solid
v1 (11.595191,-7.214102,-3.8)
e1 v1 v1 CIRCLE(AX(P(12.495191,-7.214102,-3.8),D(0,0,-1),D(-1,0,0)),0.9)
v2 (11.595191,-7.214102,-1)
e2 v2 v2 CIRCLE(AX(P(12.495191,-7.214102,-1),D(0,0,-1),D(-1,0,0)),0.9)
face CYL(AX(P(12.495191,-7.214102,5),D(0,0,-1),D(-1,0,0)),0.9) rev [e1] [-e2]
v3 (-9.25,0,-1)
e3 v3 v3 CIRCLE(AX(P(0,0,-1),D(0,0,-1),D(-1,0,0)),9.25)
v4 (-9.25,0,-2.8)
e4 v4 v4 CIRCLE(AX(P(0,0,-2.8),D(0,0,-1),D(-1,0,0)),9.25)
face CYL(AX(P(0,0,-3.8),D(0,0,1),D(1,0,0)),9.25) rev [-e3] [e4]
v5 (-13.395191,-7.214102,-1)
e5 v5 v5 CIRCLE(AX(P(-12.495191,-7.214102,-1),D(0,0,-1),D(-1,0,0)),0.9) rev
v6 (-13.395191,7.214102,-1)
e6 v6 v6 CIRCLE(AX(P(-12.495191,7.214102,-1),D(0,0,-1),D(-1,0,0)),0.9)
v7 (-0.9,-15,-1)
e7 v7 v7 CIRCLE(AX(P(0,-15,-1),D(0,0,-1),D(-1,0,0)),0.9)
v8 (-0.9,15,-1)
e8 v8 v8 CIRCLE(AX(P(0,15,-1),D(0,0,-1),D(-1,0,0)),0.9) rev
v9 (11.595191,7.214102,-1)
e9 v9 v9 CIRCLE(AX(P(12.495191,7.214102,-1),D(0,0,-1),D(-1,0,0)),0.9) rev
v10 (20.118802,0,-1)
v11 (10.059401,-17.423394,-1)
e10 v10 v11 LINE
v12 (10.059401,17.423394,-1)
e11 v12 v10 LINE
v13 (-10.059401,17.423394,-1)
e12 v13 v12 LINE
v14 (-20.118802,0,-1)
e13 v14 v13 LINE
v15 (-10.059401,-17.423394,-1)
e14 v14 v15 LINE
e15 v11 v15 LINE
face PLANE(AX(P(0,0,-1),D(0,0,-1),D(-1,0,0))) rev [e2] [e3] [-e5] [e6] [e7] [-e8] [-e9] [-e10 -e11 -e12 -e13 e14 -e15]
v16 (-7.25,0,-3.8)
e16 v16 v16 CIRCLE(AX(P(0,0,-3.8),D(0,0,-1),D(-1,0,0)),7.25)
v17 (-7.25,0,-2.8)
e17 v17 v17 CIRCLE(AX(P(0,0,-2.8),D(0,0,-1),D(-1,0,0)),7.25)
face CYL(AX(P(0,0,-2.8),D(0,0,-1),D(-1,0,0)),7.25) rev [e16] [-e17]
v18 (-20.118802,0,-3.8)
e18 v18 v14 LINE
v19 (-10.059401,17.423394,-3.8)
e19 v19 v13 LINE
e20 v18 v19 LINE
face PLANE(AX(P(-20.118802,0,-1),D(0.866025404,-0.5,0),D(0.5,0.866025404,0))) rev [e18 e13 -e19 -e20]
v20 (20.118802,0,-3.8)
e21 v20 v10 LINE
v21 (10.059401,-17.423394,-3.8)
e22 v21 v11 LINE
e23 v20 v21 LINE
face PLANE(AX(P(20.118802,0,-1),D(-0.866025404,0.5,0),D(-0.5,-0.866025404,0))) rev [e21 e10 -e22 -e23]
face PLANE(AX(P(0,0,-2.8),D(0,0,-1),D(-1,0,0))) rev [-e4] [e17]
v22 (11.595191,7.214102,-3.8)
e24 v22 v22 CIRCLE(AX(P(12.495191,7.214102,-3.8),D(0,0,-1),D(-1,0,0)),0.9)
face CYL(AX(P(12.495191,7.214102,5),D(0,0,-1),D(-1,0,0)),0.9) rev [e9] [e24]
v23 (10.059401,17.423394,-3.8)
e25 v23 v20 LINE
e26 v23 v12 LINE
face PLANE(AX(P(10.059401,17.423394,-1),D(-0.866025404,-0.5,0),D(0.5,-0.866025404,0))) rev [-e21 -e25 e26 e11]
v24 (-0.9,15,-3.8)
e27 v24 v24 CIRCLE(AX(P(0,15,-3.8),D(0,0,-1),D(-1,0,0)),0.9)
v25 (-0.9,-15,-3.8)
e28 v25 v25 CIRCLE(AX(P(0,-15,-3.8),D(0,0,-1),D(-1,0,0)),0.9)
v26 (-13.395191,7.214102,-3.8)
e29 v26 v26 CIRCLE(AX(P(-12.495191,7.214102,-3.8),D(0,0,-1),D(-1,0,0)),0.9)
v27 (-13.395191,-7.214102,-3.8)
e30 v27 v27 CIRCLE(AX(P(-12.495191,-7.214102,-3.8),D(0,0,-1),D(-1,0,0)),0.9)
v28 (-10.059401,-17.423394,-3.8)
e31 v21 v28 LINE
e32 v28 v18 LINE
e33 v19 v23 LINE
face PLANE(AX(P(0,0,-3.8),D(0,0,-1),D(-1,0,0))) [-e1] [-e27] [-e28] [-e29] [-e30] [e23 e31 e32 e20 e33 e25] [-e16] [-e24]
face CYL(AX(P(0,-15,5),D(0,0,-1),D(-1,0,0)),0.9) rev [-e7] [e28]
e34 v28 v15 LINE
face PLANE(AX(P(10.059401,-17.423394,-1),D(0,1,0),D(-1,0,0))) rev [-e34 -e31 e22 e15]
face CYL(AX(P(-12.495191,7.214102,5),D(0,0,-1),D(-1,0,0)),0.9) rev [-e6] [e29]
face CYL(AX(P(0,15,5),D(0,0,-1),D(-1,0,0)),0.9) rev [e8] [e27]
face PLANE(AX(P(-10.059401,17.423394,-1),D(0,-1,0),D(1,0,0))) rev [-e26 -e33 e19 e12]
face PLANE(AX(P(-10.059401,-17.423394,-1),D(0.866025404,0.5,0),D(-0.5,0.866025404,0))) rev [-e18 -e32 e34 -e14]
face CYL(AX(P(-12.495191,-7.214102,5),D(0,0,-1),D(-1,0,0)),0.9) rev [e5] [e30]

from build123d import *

# Parameters (mm, degrees)
EXTRUDE_1_DEPTH      = 7
CUT_EXTRUDE_1_DEPTH  = 1.8
CUT_EXTRUDE_2_DEPTH  = 3
EXTRUDE_4_DEPTH      = 5.7
EXTRUDE_4_2_DEPTH    = 5.7
EXTRUDE_4_3_DEPTH    = 5.7
EXTRUDE_4_4_DEPTH    = 5.7
EXTRUDE_21_DEPTH     = 3.5
EXTRUDE_21_2_DEPTH   = 3.5
EXTRUDE_21_3_DEPTH   = 3.5
EXTRUDE_21_4_DEPTH   = 3.5
EXTRUDE_22_DEPTH     = 1
CUT_EXTRUDE_3_DEPTH  = 10
CUT_EXTRUDE_4_DEPTH  = 1.5
CUT_EXTRUDE_5_DEPTH  = 1
EXTRUDE_23_DEPTH     = 1.6
SKETCH_17_R          = 0.9
CUT_EXTRUDE_6_DEPTH  = 20
SKETCH_19_R          = 1.75
CUT_EXTRUDE_7_DEPTH  = 2
SKETCH_20_R          = 0.9
CUT_EXTRUDE_8_DEPTH  = 6
EXTRUDE_START        = 2.8
SKETCH_22_R          = 0.9
SKETCH_22_R_2        = 9.25
EXTRUDE_24_DEPTH     = 2.8
SKETCH_24_R          = 9.25
SKETCH_24_R_2        = 7.25
EXTRUDE_25_DEPTH     = 1
SKETCH_25_W          = 43.271682287
SKETCH_25_H          = 17.110923283
CUT_EXTRUDE_9_DEPTH  = 47
SKETCH_26_W          = 20.812214232
SKETCH_26_H          = 53.146859293
CUT_EXTRUDE_10_DEPTH = 99


with BuildPart() as part:
    # 草图1 → 凸台-拉伸1 (new body)
    with BuildSketch(Plane.XY):
        Polygon((10.059401077, 17.423393759), (-10.059401077, 17.423393759), (-20.118802154, 0), (-10.059401077, -17.423393759), (10.059401077, -17.423393759), (20.118802154, 0), align=None)
        Polygon((15.5, 0), (7.75, 13.423393759), (-7.75, 13.423393759), (-15.5, 0), (-7.75, -13.423393759), (7.75, -13.423393759), align=None, mode=Mode.SUBTRACT)
    extrude(amount=EXTRUDE_1_DEPTH)

    # 草图2 → 切除-拉伸1 (cut)
    with BuildSketch(Plane.XY.offset(7)):
        Polygon((6.863269886, -16.440794429), (6.863269886, -13.423393759), (-6.863269886, -13.423393759), (-6.863269886, -16.440794429), (-5.880670556, -17.423393759), (5.880670556, -17.423393759), align=None)
        Polygon((-4.820110193, 16.061828693), (4.820110193, 16.061828693), (5.573466666, 15.349903558), (5.573466666, 13.423393759), (-5.573466666, 13.423393759), (-5.573466666, 15.349903558), align=None)
    extrude(amount=-CUT_EXTRUDE_1_DEPTH, mode=Mode.SUBTRACT)

    # 草图3 → 切除-拉伸2 (cut)
    with BuildSketch(Plane.XY.offset(7)):
        Polygon((8.460606166, 12.192587775), (11.924707781, 14.192587775), (18.428840745, 2.927099023), (14.96473913, 0.927099023), align=None)
    extrude(amount=-CUT_EXTRUDE_2_DEPTH, mode=Mode.SUBTRACT)

    # 草图15 → 切除-拉伸5 (cut)
    with BuildSketch(Plane.XY.offset(5.2)):
        Polygon((-2.444629032, 16.061828693), (-2.444629032, 13.423393759), (-5.573466666, 13.423393759), (-5.573466666, 15.349903558), (-4.820110193, 16.061828693), align=None)
        Polygon((4.820110193, 16.061828693), (2.444629032, 16.061828693), (2.444629032, 13.423393759), (5.573466666, 13.423393759), (5.573466666, 15.349903558), align=None)
    extrude(amount=-CUT_EXTRUDE_5_DEPTH, mode=Mode.SUBTRACT)

    # 草图18 → 凸台-拉伸23 (add)
    with BuildSketch(Plane.XY.offset(7)):
        Polygon((-4.820110193, 16.061828693), (-4.820110193, 17.423393759), (-10.059401077, 17.423393759), (-20.118802154, 0), (-10.059401077, -17.423393759), (-5.880670556, -17.423393759), (-6.863269886, -16.440794429), (-6.863269886, -13.423393759), (-7.75, -13.423393759), (-15.5, 0), (-7.75, 13.423393759), (-5.573466666, 13.423393759), (-5.573466666, 15.349903558), align=None)
        Polygon((4.820110193, 16.061828693), (4.820110193, 17.423393759), (10.059401077, 17.423393759), (11.924707781, 14.192587775), (8.460606166, 12.192587775), (7.75, 13.423393759), (5.573466666, 13.423393759), (5.573466666, 15.349903558), align=None)
        Polygon((18.428840745, 2.927099023), (14.96473913, 0.927099023), (15.5, 0), (7.75, -13.423393759), (6.863269886, -13.423393759), (6.863269886, -16.440794429), (5.880670556, -17.423393759), (10.059401077, -17.423393759), (20.118802154, 0), align=None)
    extrude(amount=EXTRUDE_23_DEPTH)


with BuildPart() as body_2:
    # 草图4 → 凸台-拉伸4 (new body)
    with BuildSketch(Plane(origin=(0, 0, 0), x_dir=(-1, 0, 0), z_dir=(0, 0, -1))):
        Polygon((-11.245593136, -7.368848845), (-6.382277748, -7.368848845), (-6.382277748, -13.423393759), (-7.75, -13.423393759), align=None)
    extrude(amount=-EXTRUDE_4_DEPTH)


with BuildPart() as body_3:
    # 草图4 → Extrude 4 2 (new body)
    with BuildSketch(Plane(origin=(0, 0, 0), x_dir=(-1, 0, 0), z_dir=(0, 0, -1))):
        Polygon((6.145280676, -7.368848845), (11.245593136, -7.368848845), (7.75, -13.423393759), (6.145280676, -13.423393759), align=None)
    extrude(amount=-EXTRUDE_4_2_DEPTH)


with BuildPart() as body_4:
    # 草图4 → Extrude 4 3 (new body)
    with BuildSketch(Plane(origin=(0, 0, 0), x_dir=(-1, 0, 0), z_dir=(0, 0, -1))):
        Polygon((6.145280676, 13.423393759), (6.145280676, 8.488540604), (10.599138797, 8.488540604), (7.75, 13.423393759), align=None)
    extrude(amount=-EXTRUDE_4_3_DEPTH)


with BuildPart() as body_5:
    # 草图4 → Extrude 4 4 (new body)
    with BuildSketch(Plane(origin=(0, 0, 0), x_dir=(-1, 0, 0), z_dir=(0, 0, -1))):
        Polygon((-8.460606166, 12.192587775), (-6.674189613, 11.161199697), (-13.502811472, -0.666320308), (-15.289228025, 0.365067769), align=None)
    extrude(amount=-EXTRUDE_4_4_DEPTH)


with BuildPart() as body_6:
    # 草图6 → 凸台-拉伸21 (new body)
    with BuildSketch(Plane(origin=(0, 0, 0), x_dir=(-1, 0, 0), z_dir=(0, 0, -1))):
        Polygon((-7.167145457, 10.307375129), (-6.189945384, 10.307375129), (-6.189945384, -5.980150499), (-12.0473585, -5.980150499), (-13.626264811, -5.980150499), (-17.36358489, 0), (-11.472554935, 10.307375129), (-9.549034195, 10.307375129), align=None)
    extrude(amount=-EXTRUDE_21_DEPTH)


with BuildPart() as body_7:
    # 草图6 → Extrude 21 2 (new body)
    with BuildSketch(Plane(origin=(0, 0, 0), x_dir=(-1, 0, 0), z_dir=(0, 0, -1))):
        Polygon((-5.839026937, 13.423393759), (-5.839026937, 11.342651293), (5.746496449, 11.342651293), (5.746496449, 13.423393759), (5.746496449, 15.340981073), (-5.839026937, 15.340981073), align=None)
    extrude(amount=-EXTRUDE_21_2_DEPTH)


with BuildPart() as body_8:
    # 草图6 → Extrude 21 3 (new body)
    with BuildSketch(Plane(origin=(0, 0, 0), x_dir=(-1, 0, 0), z_dir=(0, 0, -1))):
        Polygon((6.145280676, 7.264816527), (6.145280676, 3.935780446), (14.892625012, 3.935780446), (12.812129983, 7.264816527), align=None)
    extrude(amount=-EXTRUDE_21_3_DEPTH)


with BuildPart() as body_9:
    # 草图6 → Extrude 21 4 (new body)
    with BuildSketch(Plane(origin=(0, 0, 0), x_dir=(-1, 0, 0), z_dir=(0, 0, -1))):
        Polygon((6.145280676, -5.980150499), (12.0473585, -5.980150499), (13.934439655, -5.980150499), (17.352307472, 0), (6.145280676, 0), align=None)
    extrude(amount=-EXTRUDE_21_4_DEPTH)


with BuildPart() as body_10:
    # 草图12 → 凸台-拉伸22 (new body)
    with BuildSketch(Plane(origin=(0, 0, 0), x_dir=(-1, 0, 0), z_dir=(0, 0, -1))):
        Polygon((-10.059401077, 17.423393759), (-20.118802154, 0), (-10.059401077, -17.423393759), (10.059401077, -17.423393759), (20.118802154, 0), (10.059401077, 17.423393759), align=None)
    extrude(amount=EXTRUDE_22_DEPTH)

    # 草图13 → 切除-拉伸3 (cut)
    with BuildSketch(Plane(origin=(0, 0, -1), x_dir=(-1, 0, 0), z_dir=(0, 0, -1))):
        with BuildLine():
            Line((10.123406841, 1.062471913), (7.135900995, 1.062471913))
            ThreePointArc((7.135900995, 1.062471913), (5.95884516, 2.239527747), (7.135900995, 3.416583581))
            Line((7.135900995, 3.416583581), (10.123406841, 3.416583581))
            ThreePointArc((10.123406841, 3.416583581), (11.300462675, 2.239527747), (10.123406841, 1.062471913))
        make_face()
    extrude(amount=-CUT_EXTRUDE_3_DEPTH, mode=Mode.SUBTRACT)


with BuildPart() as cut_extrude_4_tool:
    # 草图14 → 切除-拉伸4 (new body)
    with BuildSketch(Plane.XY.offset(5.7)):
        Polygon((-7.75, 13.423393759), (-6.145280676, 13.423393759), (-6.145280676, 8.463494867), (-10.599138797, 8.488540604), align=None)
        Polygon((8.460347777, 12.192438594), (8.460347777, 8.067483007), (6.674189613, 11.161199697), align=None)
    extrude(amount=-CUT_EXTRUDE_4_DEPTH)


with BuildPart() as body_4_1:
    add(body_4.part)

    # 切除-拉伸4: cut by cut_extrude_4_tool
    add(cut_extrude_4_tool.part, mode=Mode.SUBTRACT)


with BuildPart() as body_5_1:
    add(body_5.part)

    # 切除-拉伸4: cut by cut_extrude_4_tool
    add(cut_extrude_4_tool.part, mode=Mode.SUBTRACT)


with BuildPart() as cut_extrude_6_tool:
    # 草图17 → 切除-拉伸6 (new body)
    with BuildSketch(Plane(origin=(0, 0, -1), x_dir=(-1, 0, 0), z_dir=(0, 0, -1))):
        with Locations((8, 15)):
            Circle(SKETCH_17_R)
        with Locations((8, -15)):
            Circle(SKETCH_17_R)
        with Locations((-8, -15)):
            Circle(SKETCH_17_R)
        with Locations((-8, 15)):
            Circle(SKETCH_17_R)
        with Locations((17.5, 0)):
            Circle(SKETCH_17_R)
        with Locations((-17.5, 0)):
            Circle(SKETCH_17_R)
    extrude(amount=-CUT_EXTRUDE_6_DEPTH)


with BuildPart() as part_1:
    add(part.part)

    # 切除-拉伸6: cut by cut_extrude_6_tool
    add(cut_extrude_6_tool.part, mode=Mode.SUBTRACT)


with BuildPart() as body_6_1:
    add(body_6.part)

    # 切除-拉伸6: cut by cut_extrude_6_tool
    add(cut_extrude_6_tool.part, mode=Mode.SUBTRACT)


with BuildPart() as body_9_1:
    add(body_9.part)

    # 切除-拉伸6: cut by cut_extrude_6_tool
    add(cut_extrude_6_tool.part, mode=Mode.SUBTRACT)


with BuildPart() as body_10_1:
    add(body_10.part)

    # 切除-拉伸6: cut by cut_extrude_6_tool
    add(cut_extrude_6_tool.part, mode=Mode.SUBTRACT)


with BuildPart() as cut_extrude_7_tool:
    # 草图19 → 切除-拉伸7 (new body)
    with BuildSketch(Plane(origin=(0, 0, -1), x_dir=(-1, 0, 0), z_dir=(0, 0, -1))):
        with Locations((-8, 15)):
            Circle(SKETCH_19_R)
        with Locations((-17.5, 0)):
            Circle(SKETCH_19_R)
        with Locations((-8, -15)):
            Circle(SKETCH_19_R)
        with Locations((8, -15)):
            Circle(SKETCH_19_R)
        with Locations((17.5, 0)):
            Circle(SKETCH_19_R)
        with Locations((8, 15)):
            Circle(SKETCH_19_R)
    extrude(amount=-CUT_EXTRUDE_7_DEPTH)


with BuildPart() as part_2:
    add(part_1.part)

    # 切除-拉伸7: cut by cut_extrude_7_tool
    add(cut_extrude_7_tool.part, mode=Mode.SUBTRACT)


with BuildPart() as body_2_1:
    add(body_2.part)

    # 切除-拉伸7: cut by cut_extrude_7_tool
    add(cut_extrude_7_tool.part, mode=Mode.SUBTRACT)


with BuildPart() as body_3_1:
    add(body_3.part)

    # 切除-拉伸7: cut by cut_extrude_7_tool
    add(cut_extrude_7_tool.part, mode=Mode.SUBTRACT)


with BuildPart() as body_4_2:
    add(body_4_1.part)

    # 切除-拉伸7: cut by cut_extrude_7_tool
    add(cut_extrude_7_tool.part, mode=Mode.SUBTRACT)


with BuildPart() as body_6_2:
    add(body_6_1.part)

    # 切除-拉伸7: cut by cut_extrude_7_tool
    add(cut_extrude_7_tool.part, mode=Mode.SUBTRACT)


with BuildPart() as body_9_2:
    add(body_9_1.part)

    # 切除-拉伸7: cut by cut_extrude_7_tool
    add(cut_extrude_7_tool.part, mode=Mode.SUBTRACT)


with BuildPart() as body_10_2:
    add(body_10_1.part)

    # 切除-拉伸7: cut by cut_extrude_7_tool
    add(cut_extrude_7_tool.part, mode=Mode.SUBTRACT)


with BuildPart() as cut_extrude_8_tool:
    # 草图20 → 切除-拉伸8 (new body)
    with BuildSketch(Plane(origin=(0, 0, -1), x_dir=(-1, 0, 0), z_dir=(0, 0, -1))):
        with Locations((0, 15)):
            Circle(SKETCH_20_R)
        with Locations((-12.495190528, 7.214101615)):
            Circle(SKETCH_20_R)
        with Locations((12.495190528, 7.214101615)):
            Circle(SKETCH_20_R)
        with Locations((-12.495190528, -7.214101615)):
            Circle(SKETCH_20_R)
        with Locations((12.495190528, -7.214101615)):
            Circle(SKETCH_20_R)
        with Locations((0, -15)):
            Circle(SKETCH_20_R)
    extrude(amount=-CUT_EXTRUDE_8_DEPTH)


with BuildPart() as part_3:
    add(part_2.part)

    # 切除-拉伸8: cut by cut_extrude_8_tool
    add(cut_extrude_8_tool.part, mode=Mode.SUBTRACT)


with BuildPart() as body_6_3:
    add(body_6_2.part)

    # 切除-拉伸8: cut by cut_extrude_8_tool
    add(cut_extrude_8_tool.part, mode=Mode.SUBTRACT)


with BuildPart() as body_7_1:
    add(body_7.part)

    # 切除-拉伸8: cut by cut_extrude_8_tool
    add(cut_extrude_8_tool.part, mode=Mode.SUBTRACT)


with BuildPart() as body_8_1:
    add(body_8.part)

    # 切除-拉伸8: cut by cut_extrude_8_tool
    add(cut_extrude_8_tool.part, mode=Mode.SUBTRACT)


with BuildPart() as body_10_3:
    add(body_10_2.part)

    # 切除-拉伸8: cut by cut_extrude_8_tool
    add(cut_extrude_8_tool.part, mode=Mode.SUBTRACT)

    # 草图22 → 凸台-拉伸24 (add)
    with BuildSketch(Plane(origin=(0, 0, -1), x_dir=(-1, 0, 0), z_dir=(0, 0, -1)).offset(EXTRUDE_START)):
        Polygon((10.059401077, 17.423393759), (-10.059401077, 17.423393759), (-20.118802154, 0), (-10.059401077, -17.423393759), (10.059401077, -17.423393759), (20.118802154, 0), align=None)
        with Locations((-12.495190528, 7.214101615)):
            Circle(SKETCH_22_R, mode=Mode.SUBTRACT)
        with Locations((-12.495190528, -7.214101615)):
            Circle(SKETCH_22_R, mode=Mode.SUBTRACT)
        with Locations((0, -15)):
            Circle(SKETCH_22_R, mode=Mode.SUBTRACT)
        with Locations((12.495190528, -7.214101615)):
            Circle(SKETCH_22_R, mode=Mode.SUBTRACT)
        with Locations((12.495190528, 7.214101615)):
            Circle(SKETCH_22_R, mode=Mode.SUBTRACT)
        with Locations((0, 15)):
            Circle(SKETCH_22_R, mode=Mode.SUBTRACT)
        with Locations(Location((0, 0, 0), (0, 0, 21.676176117))):
            Circle(SKETCH_22_R_2, mode=Mode.SUBTRACT)
    extrude(amount=-EXTRUDE_24_DEPTH)

    # 草图24 → 凸台-拉伸25 (add)
    with BuildSketch(Plane(origin=(0, 0, -3.8), x_dir=(-1, 0, 0), z_dir=(0, 0, -1))):
        with Locations(Location((0, 0, 0), (0, 0, 21.676176117))):
            Circle(SKETCH_24_R)
        Circle(SKETCH_24_R_2, mode=Mode.SUBTRACT)
    extrude(amount=-EXTRUDE_25_DEPTH)

    # 草图26 → 切除-拉伸10 (cut)
    with BuildSketch(Plane(origin=(-15.089101615, -8.711696879, 0), x_dir=(0, 0, 1), z_dir=(-0.8660254037844423, -0.4999999999999939, 0))):
        with Locations((9.406107116, 5.866376364)):
            Rectangle(SKETCH_26_W, SKETCH_26_H)
    extrude(amount=-CUT_EXTRUDE_10_DEPTH, mode=Mode.SUBTRACT)


with BuildPart() as cut_extrude_9_tool:
    # 草图25 → 切除-拉伸9 (new body)
    with BuildSketch(Plane.XZ.offset(17.423393759)):
        with Locations((-1.517038989, 7.555461642)):
            Rectangle(SKETCH_25_W, SKETCH_25_H)
    extrude(amount=-CUT_EXTRUDE_9_DEPTH)


with BuildPart() as body_5_2:
    add(body_5_1.part)

    # 切除-拉伸9: cut by cut_extrude_9_tool
    add(cut_extrude_9_tool.part, mode=Mode.SUBTRACT)


with BuildPart() as body_2_2:
    add(body_2_1.part)

    # 切除-拉伸9: cut by cut_extrude_9_tool
    add(cut_extrude_9_tool.part, mode=Mode.SUBTRACT)


with BuildPart() as body_3_2:
    add(body_3_1.part)

    # 切除-拉伸9: cut by cut_extrude_9_tool
    add(cut_extrude_9_tool.part, mode=Mode.SUBTRACT)


with BuildPart() as body_4_3:
    add(body_4_2.part)

    # 切除-拉伸9: cut by cut_extrude_9_tool
    add(cut_extrude_9_tool.part, mode=Mode.SUBTRACT)


with BuildPart() as body_9_3:
    add(body_9_2.part)

    # 切除-拉伸9: cut by cut_extrude_9_tool
    add(cut_extrude_9_tool.part, mode=Mode.SUBTRACT)


with BuildPart() as body_7_2:
    add(body_7_1.part)

    # 切除-拉伸9: cut by cut_extrude_9_tool
    add(cut_extrude_9_tool.part, mode=Mode.SUBTRACT)


with BuildPart() as body_8_2:
    add(body_8_1.part)

    # 切除-拉伸9: cut by cut_extrude_9_tool
    add(cut_extrude_9_tool.part, mode=Mode.SUBTRACT)


with BuildPart() as body_6_4:
    add(body_6_3.part)

    # 切除-拉伸9: cut by cut_extrude_9_tool
    add(cut_extrude_9_tool.part, mode=Mode.SUBTRACT)


with BuildPart() as part_4:
    add(part_3.part)

    # 切除-拉伸9: cut by cut_extrude_9_tool
    add(cut_extrude_9_tool.part, mode=Mode.SUBTRACT)


solid = body_10_3.part
